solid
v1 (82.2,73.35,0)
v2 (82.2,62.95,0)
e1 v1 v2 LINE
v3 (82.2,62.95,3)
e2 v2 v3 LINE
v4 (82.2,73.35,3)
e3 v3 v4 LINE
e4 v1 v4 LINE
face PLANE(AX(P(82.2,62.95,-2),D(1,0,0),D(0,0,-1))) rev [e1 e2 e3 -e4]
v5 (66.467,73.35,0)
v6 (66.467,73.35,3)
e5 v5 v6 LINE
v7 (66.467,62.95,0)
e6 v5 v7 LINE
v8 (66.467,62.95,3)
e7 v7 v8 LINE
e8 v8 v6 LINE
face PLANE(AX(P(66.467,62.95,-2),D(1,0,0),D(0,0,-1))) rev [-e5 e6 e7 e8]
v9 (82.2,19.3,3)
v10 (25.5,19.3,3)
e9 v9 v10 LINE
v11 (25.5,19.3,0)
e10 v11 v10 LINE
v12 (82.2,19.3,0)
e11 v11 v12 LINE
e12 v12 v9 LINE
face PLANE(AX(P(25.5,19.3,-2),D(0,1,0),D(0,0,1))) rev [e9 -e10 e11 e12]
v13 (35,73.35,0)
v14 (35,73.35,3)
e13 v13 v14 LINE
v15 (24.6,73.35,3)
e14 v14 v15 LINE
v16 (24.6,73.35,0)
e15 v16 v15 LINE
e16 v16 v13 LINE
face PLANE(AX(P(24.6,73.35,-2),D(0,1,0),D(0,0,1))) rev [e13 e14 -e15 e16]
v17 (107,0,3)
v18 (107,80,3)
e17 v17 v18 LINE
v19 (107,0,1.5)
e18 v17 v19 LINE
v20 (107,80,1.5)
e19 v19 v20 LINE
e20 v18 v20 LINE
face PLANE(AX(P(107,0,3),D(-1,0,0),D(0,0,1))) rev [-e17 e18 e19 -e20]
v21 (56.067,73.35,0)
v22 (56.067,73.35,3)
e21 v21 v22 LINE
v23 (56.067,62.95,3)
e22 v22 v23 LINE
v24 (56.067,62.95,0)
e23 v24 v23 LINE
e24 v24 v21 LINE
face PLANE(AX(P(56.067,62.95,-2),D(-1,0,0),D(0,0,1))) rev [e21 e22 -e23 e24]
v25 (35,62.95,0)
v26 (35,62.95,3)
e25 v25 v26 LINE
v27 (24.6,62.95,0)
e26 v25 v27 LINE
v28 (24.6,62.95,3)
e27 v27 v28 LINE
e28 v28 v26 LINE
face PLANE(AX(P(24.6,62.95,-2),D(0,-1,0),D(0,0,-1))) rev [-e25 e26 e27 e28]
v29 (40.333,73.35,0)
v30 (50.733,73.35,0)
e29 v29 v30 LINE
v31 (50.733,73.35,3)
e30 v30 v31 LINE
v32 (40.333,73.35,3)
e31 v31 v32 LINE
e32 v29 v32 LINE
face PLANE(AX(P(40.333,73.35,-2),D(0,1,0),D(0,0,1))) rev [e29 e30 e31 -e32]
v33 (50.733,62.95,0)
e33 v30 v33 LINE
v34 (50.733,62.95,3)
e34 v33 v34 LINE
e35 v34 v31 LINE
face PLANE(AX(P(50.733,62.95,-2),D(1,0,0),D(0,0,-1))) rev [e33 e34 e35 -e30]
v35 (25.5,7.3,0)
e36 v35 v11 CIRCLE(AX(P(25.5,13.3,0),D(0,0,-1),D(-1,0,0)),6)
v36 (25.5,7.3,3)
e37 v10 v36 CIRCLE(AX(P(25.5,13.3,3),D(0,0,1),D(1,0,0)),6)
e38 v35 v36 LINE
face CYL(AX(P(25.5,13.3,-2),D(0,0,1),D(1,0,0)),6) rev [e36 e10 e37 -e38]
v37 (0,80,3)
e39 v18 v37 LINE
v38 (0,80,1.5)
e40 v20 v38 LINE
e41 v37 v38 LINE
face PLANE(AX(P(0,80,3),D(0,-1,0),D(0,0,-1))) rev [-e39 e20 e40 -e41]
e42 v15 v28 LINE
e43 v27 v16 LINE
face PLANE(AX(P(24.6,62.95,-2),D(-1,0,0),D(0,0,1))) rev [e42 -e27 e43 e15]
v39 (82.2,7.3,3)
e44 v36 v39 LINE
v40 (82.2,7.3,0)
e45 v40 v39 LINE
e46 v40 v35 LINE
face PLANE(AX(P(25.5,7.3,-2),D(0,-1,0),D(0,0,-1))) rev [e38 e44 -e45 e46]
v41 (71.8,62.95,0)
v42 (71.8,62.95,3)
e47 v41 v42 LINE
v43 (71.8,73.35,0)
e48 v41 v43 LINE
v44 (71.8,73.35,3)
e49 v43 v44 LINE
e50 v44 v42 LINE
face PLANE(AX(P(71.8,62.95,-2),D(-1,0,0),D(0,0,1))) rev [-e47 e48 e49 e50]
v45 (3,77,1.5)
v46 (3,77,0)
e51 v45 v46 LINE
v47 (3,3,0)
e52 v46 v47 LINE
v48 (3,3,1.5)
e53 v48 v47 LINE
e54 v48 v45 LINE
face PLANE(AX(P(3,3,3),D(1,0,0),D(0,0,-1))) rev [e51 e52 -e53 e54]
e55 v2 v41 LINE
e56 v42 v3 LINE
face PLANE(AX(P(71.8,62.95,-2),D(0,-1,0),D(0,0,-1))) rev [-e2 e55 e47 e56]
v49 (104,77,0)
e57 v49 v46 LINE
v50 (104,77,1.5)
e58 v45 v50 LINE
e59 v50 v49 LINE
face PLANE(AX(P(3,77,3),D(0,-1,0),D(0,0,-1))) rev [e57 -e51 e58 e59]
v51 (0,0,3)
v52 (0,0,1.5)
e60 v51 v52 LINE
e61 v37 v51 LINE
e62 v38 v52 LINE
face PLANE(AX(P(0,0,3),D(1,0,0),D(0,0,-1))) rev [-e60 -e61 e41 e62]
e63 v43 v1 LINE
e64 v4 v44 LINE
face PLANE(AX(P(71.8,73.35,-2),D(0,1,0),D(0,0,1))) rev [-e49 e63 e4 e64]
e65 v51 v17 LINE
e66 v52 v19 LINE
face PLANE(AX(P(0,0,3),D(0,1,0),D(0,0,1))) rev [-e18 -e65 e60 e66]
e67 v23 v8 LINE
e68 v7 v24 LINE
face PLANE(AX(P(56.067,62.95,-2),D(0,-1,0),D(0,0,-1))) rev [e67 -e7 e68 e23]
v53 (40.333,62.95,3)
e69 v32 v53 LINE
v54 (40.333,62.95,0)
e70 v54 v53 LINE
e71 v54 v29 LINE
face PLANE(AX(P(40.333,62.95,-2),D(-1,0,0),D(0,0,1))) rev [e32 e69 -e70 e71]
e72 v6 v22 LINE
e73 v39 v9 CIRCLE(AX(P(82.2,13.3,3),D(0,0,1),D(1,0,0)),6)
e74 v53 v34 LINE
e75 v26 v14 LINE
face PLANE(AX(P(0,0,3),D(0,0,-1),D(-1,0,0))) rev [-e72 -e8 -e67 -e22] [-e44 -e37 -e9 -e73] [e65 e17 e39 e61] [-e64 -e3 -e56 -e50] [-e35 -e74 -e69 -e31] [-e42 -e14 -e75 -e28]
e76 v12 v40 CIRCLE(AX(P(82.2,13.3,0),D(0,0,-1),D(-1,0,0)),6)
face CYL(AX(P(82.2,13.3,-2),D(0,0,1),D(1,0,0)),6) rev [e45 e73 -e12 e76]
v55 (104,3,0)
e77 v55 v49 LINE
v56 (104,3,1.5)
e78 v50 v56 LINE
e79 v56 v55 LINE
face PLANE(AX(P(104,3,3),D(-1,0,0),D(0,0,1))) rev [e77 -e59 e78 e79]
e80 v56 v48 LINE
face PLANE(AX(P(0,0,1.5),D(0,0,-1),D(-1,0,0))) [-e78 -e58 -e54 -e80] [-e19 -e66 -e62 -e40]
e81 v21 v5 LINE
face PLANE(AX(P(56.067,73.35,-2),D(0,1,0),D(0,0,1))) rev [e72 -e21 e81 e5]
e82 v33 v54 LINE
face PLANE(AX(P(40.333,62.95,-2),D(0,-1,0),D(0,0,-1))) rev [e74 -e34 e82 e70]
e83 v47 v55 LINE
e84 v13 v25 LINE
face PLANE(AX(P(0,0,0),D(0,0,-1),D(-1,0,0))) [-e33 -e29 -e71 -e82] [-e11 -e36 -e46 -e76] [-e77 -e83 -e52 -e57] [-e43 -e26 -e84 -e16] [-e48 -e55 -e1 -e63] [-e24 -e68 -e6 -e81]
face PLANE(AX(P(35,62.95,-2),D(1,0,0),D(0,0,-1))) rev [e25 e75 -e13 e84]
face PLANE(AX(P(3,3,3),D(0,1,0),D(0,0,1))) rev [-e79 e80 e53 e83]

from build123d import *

# Parameters (mm, degrees)
SKETCH_1_W          = 101
SKETCH_1_H          = 74
EXTRUDE_1_DEPTH     = 3
EXTRUDE_START       = 1.5
SKETCH_2_W          = 107
SKETCH_2_H          = 80
EXTRUDE_2_DEPTH     = 1.5
SKETCH_3_W          = 10.4
SKETCH_3_H          = 10.4
CUT_EXTRUDE_1_DEPTH = 5


with BuildPart() as part:
    # Эскиз1 → Бобышка-Вытянуть1 (new body)
    with BuildSketch(Plane.XY):
        with Locations((53.5, 40)):
            Rectangle(SKETCH_1_W, SKETCH_1_H)
    extrude(amount=EXTRUDE_1_DEPTH)

    # Эскиз2 → Бобышка-Вытянуть2 (add)
    with BuildSketch(Plane.XY.offset(EXTRUDE_START)):
        with Locations((53.5, 40)):
            Rectangle(SKETCH_2_W, SKETCH_2_H)
    extrude(amount=EXTRUDE_2_DEPTH)

    # Эскиз3 → Вырез-Вытянуть1 (cut)
    with BuildSketch(Plane.XY.offset(3)):
        with Locations((29.8, 68.15)):
            Rectangle(SKETCH_3_W, SKETCH_3_H)
        with Locations((45.533, 68.15)):
            Rectangle(SKETCH_3_W, SKETCH_3_H)
        with Locations((61.267, 68.15)):
            Rectangle(SKETCH_3_W, SKETCH_3_H)
        with Locations((77, 68.15)):
            Rectangle(SKETCH_3_W, SKETCH_3_H)
        with BuildLine():
            Line((25.5, 19.3), (82.2, 19.3))
            ThreePointArc((82.2, 19.3), (88.2, 13.3), (82.2, 7.3))
            Line((82.2, 7.3), (25.5, 7.3))
            ThreePointArc((25.5, 7.3), (19.5, 13.3), (25.5, 19.3))
        make_face()
    extrude(amount=-CUT_EXTRUDE_1_DEPTH, mode=Mode.SUBTRACT)


solid = part.part
